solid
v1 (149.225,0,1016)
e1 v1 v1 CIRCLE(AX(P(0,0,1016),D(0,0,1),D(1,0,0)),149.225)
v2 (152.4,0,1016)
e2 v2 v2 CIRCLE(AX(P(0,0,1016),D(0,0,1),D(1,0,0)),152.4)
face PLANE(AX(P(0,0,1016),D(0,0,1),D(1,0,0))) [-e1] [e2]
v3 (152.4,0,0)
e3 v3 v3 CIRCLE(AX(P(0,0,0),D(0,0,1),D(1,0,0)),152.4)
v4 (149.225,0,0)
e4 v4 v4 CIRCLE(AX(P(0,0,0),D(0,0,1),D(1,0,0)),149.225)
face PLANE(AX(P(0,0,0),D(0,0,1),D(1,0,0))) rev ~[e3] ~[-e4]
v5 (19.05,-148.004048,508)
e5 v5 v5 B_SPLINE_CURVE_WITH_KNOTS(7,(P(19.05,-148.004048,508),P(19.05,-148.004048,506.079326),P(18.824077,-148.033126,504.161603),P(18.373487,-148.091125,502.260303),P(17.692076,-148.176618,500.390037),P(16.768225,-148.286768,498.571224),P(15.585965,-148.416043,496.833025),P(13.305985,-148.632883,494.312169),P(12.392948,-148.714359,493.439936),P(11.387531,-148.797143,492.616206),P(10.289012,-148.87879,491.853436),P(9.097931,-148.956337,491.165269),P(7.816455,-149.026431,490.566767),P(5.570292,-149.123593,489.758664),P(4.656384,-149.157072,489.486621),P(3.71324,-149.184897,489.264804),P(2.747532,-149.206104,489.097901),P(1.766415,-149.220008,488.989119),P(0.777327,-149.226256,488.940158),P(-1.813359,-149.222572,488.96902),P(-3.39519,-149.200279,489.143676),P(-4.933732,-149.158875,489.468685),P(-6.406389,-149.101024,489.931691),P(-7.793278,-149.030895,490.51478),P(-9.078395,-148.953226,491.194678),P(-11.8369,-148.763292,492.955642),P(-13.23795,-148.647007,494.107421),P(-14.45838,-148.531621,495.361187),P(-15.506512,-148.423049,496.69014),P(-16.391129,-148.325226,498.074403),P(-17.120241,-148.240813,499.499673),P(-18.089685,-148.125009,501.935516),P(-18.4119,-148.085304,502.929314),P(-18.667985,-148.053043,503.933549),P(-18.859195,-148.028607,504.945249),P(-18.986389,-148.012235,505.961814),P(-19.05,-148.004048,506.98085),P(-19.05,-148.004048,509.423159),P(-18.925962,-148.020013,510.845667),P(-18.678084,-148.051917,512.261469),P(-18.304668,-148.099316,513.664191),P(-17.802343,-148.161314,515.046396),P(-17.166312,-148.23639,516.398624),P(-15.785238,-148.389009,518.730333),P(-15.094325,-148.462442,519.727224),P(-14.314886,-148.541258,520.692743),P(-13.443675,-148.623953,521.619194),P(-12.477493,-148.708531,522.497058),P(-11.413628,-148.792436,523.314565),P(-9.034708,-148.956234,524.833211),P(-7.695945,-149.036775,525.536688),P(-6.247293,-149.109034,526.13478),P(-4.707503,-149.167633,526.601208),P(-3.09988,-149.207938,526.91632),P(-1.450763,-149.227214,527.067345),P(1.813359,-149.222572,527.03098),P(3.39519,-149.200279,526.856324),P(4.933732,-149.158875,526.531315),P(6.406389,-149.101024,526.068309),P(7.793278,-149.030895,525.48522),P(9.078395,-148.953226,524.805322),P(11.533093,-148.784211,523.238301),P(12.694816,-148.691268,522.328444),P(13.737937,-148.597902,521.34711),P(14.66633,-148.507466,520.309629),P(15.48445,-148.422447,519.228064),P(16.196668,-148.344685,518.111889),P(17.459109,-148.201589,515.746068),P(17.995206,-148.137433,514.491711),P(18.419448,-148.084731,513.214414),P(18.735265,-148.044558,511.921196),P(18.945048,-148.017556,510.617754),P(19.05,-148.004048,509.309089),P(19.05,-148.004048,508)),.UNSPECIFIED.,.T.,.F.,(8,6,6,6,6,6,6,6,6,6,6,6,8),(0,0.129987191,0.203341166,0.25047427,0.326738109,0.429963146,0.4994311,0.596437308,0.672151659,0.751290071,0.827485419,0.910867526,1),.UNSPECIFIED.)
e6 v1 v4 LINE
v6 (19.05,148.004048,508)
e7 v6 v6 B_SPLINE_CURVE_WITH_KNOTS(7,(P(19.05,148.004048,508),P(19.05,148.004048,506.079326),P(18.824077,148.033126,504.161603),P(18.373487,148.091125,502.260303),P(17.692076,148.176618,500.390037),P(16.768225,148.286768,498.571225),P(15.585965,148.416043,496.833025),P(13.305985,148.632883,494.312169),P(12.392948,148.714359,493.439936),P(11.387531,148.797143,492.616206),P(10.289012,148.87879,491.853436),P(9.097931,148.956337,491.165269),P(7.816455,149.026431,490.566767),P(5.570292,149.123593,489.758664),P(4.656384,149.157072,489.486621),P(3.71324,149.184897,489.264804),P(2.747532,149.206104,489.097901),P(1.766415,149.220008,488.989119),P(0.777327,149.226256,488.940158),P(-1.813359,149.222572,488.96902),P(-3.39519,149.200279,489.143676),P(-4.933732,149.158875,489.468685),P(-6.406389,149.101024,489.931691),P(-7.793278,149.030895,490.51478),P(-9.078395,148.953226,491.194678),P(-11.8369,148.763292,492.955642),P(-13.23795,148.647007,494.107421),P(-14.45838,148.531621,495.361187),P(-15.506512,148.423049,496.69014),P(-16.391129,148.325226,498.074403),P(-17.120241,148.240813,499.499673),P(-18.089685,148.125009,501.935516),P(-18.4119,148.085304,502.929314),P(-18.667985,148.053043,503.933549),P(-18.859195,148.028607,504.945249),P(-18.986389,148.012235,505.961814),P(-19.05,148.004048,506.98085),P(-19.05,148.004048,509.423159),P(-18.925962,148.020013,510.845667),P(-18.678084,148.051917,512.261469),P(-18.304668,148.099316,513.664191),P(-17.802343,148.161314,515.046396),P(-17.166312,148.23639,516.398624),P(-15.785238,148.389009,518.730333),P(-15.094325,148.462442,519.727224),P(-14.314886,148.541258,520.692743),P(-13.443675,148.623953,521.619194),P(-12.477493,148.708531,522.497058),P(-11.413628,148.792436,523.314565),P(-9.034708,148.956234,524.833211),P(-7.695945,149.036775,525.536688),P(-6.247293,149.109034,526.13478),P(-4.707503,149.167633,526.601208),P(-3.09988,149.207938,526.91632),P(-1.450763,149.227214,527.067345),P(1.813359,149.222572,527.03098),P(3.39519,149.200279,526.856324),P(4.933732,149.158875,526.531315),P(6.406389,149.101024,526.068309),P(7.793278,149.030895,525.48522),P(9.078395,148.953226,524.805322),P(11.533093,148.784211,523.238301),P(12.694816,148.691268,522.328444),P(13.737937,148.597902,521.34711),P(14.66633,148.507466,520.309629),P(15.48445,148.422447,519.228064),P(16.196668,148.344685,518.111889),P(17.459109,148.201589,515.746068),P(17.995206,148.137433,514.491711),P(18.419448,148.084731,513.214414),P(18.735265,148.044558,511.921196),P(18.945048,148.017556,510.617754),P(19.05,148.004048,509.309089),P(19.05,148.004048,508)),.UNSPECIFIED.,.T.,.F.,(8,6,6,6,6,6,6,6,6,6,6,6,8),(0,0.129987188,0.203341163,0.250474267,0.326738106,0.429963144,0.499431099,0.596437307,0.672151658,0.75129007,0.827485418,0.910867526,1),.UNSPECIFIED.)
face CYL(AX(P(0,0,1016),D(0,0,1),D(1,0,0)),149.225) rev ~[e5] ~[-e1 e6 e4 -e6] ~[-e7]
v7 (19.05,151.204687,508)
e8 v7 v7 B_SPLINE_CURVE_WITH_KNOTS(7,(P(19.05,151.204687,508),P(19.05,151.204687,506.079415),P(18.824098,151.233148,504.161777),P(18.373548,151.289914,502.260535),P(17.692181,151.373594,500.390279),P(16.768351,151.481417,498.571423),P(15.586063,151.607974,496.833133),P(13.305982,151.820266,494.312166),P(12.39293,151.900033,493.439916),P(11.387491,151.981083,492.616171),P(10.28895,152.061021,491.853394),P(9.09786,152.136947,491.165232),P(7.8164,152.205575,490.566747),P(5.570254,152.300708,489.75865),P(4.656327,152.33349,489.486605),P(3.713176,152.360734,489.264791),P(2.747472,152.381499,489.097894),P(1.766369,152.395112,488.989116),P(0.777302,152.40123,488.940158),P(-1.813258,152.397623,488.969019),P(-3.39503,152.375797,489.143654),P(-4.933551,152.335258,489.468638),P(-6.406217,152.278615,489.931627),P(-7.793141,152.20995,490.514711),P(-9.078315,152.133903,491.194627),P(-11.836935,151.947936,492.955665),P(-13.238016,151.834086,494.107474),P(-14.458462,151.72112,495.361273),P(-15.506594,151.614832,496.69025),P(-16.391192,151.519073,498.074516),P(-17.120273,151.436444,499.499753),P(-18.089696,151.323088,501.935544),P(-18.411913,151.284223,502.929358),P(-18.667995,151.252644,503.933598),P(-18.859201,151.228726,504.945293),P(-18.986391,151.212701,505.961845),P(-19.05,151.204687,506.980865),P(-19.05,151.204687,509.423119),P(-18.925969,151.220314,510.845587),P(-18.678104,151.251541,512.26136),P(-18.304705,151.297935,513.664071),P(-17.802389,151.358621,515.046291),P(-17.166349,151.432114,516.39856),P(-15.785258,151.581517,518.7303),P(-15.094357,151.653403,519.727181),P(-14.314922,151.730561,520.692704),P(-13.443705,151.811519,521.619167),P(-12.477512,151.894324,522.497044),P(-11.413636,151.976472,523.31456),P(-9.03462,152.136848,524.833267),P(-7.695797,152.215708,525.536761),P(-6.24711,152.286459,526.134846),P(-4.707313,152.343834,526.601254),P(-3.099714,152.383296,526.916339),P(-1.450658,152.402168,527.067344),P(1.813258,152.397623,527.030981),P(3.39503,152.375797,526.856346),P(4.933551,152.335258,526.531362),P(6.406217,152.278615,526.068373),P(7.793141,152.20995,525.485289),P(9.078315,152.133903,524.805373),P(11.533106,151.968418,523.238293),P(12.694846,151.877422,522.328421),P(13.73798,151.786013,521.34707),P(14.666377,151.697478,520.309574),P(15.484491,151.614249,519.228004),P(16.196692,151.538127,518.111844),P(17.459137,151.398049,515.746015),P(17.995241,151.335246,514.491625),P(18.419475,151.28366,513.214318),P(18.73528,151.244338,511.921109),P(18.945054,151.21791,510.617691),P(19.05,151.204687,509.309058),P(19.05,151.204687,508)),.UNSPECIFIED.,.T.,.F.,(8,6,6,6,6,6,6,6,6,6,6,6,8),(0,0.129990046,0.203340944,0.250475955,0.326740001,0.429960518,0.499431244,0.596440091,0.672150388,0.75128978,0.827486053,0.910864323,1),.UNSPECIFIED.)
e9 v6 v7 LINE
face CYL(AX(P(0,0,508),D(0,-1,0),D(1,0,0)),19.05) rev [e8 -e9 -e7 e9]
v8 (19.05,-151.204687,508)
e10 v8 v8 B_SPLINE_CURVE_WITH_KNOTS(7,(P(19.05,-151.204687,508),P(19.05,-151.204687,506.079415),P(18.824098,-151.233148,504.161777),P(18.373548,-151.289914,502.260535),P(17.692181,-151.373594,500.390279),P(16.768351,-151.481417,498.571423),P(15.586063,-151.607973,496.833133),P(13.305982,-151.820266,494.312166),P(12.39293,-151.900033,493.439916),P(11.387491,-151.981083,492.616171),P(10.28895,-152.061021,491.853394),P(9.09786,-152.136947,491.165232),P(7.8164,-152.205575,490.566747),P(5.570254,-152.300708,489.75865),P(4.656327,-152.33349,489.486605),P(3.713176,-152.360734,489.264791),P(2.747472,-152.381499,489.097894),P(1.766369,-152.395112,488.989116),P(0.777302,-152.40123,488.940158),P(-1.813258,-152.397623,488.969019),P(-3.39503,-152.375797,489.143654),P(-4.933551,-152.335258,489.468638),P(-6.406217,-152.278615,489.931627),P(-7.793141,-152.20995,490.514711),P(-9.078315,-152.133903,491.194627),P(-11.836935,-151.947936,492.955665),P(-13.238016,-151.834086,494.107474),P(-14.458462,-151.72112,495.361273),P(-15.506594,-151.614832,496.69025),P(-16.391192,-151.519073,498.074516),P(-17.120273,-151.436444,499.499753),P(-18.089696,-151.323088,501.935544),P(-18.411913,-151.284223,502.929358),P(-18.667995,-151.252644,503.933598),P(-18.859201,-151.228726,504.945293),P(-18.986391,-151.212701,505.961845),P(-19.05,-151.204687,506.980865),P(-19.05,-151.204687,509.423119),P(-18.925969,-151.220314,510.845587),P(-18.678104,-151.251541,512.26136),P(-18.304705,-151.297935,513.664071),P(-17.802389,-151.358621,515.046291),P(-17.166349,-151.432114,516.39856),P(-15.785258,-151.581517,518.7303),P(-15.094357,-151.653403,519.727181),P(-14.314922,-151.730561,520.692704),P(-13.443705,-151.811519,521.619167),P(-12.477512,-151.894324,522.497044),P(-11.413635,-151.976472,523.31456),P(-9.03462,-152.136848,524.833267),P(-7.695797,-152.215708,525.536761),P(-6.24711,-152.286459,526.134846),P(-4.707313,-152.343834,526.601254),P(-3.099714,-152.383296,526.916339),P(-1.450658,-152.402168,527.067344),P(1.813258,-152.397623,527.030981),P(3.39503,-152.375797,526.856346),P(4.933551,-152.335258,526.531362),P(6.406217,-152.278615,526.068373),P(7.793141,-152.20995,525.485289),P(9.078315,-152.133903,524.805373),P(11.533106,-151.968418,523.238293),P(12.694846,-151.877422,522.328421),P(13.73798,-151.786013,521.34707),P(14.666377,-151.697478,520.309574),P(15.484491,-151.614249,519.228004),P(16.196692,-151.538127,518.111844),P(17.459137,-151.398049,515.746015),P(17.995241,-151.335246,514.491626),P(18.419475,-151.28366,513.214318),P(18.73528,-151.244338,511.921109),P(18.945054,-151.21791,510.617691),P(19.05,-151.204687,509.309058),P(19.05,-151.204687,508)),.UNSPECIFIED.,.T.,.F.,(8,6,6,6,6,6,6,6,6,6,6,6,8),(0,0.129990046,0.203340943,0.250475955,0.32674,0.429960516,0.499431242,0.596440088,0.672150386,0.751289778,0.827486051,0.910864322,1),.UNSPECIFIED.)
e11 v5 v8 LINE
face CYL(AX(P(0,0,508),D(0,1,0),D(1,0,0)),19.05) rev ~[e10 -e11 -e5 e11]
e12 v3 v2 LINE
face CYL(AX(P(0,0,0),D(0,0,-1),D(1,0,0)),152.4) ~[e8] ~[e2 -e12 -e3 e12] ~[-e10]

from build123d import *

# Parameters (mm, degrees)
SKETCH1_R               = 152.4
BOSS_EXTRUDE1_DEPTH     = 1016
SKETCH2_R               = 149.225
CUT_EXTRUDE1_DEPTH      = 1016
SKETCH4_R               = 19.05
CUT_EXTRUDE3_DEPTH      = 441.96
CUT_EXTRUDE3_DEPTH_BACK = 459.754024061


with BuildPart() as part:
    # Sketch1 → Boss-Extrude1 (new body)
    with BuildSketch(Plane.XY):
        Circle(SKETCH1_R)
    extrude(amount=BOSS_EXTRUDE1_DEPTH)

    # Sketch2 → Cut-Extrude1 (cut)
    with BuildSketch(Plane.XY.offset(1016)):
        Circle(SKETCH2_R)
    extrude(amount=-CUT_EXTRUDE1_DEPTH, mode=Mode.SUBTRACT)

    # Sketch4 → Cut-Extrude3 (cut, two sides)
    with BuildSketch(Plane(origin=(0, 0, 0), x_dir=(1, 0, 0), z_dir=(0, 1, 0))) as cut_extrude3_sk:
        with Locations((0, -508)):
            Circle(SKETCH4_R)
    extrude(amount=CUT_EXTRUDE3_DEPTH, mode=Mode.SUBTRACT)
    extrude(cut_extrude3_sk.sketch, amount=-CUT_EXTRUDE3_DEPTH_BACK, mode=Mode.SUBTRACT)


solid = part.part
